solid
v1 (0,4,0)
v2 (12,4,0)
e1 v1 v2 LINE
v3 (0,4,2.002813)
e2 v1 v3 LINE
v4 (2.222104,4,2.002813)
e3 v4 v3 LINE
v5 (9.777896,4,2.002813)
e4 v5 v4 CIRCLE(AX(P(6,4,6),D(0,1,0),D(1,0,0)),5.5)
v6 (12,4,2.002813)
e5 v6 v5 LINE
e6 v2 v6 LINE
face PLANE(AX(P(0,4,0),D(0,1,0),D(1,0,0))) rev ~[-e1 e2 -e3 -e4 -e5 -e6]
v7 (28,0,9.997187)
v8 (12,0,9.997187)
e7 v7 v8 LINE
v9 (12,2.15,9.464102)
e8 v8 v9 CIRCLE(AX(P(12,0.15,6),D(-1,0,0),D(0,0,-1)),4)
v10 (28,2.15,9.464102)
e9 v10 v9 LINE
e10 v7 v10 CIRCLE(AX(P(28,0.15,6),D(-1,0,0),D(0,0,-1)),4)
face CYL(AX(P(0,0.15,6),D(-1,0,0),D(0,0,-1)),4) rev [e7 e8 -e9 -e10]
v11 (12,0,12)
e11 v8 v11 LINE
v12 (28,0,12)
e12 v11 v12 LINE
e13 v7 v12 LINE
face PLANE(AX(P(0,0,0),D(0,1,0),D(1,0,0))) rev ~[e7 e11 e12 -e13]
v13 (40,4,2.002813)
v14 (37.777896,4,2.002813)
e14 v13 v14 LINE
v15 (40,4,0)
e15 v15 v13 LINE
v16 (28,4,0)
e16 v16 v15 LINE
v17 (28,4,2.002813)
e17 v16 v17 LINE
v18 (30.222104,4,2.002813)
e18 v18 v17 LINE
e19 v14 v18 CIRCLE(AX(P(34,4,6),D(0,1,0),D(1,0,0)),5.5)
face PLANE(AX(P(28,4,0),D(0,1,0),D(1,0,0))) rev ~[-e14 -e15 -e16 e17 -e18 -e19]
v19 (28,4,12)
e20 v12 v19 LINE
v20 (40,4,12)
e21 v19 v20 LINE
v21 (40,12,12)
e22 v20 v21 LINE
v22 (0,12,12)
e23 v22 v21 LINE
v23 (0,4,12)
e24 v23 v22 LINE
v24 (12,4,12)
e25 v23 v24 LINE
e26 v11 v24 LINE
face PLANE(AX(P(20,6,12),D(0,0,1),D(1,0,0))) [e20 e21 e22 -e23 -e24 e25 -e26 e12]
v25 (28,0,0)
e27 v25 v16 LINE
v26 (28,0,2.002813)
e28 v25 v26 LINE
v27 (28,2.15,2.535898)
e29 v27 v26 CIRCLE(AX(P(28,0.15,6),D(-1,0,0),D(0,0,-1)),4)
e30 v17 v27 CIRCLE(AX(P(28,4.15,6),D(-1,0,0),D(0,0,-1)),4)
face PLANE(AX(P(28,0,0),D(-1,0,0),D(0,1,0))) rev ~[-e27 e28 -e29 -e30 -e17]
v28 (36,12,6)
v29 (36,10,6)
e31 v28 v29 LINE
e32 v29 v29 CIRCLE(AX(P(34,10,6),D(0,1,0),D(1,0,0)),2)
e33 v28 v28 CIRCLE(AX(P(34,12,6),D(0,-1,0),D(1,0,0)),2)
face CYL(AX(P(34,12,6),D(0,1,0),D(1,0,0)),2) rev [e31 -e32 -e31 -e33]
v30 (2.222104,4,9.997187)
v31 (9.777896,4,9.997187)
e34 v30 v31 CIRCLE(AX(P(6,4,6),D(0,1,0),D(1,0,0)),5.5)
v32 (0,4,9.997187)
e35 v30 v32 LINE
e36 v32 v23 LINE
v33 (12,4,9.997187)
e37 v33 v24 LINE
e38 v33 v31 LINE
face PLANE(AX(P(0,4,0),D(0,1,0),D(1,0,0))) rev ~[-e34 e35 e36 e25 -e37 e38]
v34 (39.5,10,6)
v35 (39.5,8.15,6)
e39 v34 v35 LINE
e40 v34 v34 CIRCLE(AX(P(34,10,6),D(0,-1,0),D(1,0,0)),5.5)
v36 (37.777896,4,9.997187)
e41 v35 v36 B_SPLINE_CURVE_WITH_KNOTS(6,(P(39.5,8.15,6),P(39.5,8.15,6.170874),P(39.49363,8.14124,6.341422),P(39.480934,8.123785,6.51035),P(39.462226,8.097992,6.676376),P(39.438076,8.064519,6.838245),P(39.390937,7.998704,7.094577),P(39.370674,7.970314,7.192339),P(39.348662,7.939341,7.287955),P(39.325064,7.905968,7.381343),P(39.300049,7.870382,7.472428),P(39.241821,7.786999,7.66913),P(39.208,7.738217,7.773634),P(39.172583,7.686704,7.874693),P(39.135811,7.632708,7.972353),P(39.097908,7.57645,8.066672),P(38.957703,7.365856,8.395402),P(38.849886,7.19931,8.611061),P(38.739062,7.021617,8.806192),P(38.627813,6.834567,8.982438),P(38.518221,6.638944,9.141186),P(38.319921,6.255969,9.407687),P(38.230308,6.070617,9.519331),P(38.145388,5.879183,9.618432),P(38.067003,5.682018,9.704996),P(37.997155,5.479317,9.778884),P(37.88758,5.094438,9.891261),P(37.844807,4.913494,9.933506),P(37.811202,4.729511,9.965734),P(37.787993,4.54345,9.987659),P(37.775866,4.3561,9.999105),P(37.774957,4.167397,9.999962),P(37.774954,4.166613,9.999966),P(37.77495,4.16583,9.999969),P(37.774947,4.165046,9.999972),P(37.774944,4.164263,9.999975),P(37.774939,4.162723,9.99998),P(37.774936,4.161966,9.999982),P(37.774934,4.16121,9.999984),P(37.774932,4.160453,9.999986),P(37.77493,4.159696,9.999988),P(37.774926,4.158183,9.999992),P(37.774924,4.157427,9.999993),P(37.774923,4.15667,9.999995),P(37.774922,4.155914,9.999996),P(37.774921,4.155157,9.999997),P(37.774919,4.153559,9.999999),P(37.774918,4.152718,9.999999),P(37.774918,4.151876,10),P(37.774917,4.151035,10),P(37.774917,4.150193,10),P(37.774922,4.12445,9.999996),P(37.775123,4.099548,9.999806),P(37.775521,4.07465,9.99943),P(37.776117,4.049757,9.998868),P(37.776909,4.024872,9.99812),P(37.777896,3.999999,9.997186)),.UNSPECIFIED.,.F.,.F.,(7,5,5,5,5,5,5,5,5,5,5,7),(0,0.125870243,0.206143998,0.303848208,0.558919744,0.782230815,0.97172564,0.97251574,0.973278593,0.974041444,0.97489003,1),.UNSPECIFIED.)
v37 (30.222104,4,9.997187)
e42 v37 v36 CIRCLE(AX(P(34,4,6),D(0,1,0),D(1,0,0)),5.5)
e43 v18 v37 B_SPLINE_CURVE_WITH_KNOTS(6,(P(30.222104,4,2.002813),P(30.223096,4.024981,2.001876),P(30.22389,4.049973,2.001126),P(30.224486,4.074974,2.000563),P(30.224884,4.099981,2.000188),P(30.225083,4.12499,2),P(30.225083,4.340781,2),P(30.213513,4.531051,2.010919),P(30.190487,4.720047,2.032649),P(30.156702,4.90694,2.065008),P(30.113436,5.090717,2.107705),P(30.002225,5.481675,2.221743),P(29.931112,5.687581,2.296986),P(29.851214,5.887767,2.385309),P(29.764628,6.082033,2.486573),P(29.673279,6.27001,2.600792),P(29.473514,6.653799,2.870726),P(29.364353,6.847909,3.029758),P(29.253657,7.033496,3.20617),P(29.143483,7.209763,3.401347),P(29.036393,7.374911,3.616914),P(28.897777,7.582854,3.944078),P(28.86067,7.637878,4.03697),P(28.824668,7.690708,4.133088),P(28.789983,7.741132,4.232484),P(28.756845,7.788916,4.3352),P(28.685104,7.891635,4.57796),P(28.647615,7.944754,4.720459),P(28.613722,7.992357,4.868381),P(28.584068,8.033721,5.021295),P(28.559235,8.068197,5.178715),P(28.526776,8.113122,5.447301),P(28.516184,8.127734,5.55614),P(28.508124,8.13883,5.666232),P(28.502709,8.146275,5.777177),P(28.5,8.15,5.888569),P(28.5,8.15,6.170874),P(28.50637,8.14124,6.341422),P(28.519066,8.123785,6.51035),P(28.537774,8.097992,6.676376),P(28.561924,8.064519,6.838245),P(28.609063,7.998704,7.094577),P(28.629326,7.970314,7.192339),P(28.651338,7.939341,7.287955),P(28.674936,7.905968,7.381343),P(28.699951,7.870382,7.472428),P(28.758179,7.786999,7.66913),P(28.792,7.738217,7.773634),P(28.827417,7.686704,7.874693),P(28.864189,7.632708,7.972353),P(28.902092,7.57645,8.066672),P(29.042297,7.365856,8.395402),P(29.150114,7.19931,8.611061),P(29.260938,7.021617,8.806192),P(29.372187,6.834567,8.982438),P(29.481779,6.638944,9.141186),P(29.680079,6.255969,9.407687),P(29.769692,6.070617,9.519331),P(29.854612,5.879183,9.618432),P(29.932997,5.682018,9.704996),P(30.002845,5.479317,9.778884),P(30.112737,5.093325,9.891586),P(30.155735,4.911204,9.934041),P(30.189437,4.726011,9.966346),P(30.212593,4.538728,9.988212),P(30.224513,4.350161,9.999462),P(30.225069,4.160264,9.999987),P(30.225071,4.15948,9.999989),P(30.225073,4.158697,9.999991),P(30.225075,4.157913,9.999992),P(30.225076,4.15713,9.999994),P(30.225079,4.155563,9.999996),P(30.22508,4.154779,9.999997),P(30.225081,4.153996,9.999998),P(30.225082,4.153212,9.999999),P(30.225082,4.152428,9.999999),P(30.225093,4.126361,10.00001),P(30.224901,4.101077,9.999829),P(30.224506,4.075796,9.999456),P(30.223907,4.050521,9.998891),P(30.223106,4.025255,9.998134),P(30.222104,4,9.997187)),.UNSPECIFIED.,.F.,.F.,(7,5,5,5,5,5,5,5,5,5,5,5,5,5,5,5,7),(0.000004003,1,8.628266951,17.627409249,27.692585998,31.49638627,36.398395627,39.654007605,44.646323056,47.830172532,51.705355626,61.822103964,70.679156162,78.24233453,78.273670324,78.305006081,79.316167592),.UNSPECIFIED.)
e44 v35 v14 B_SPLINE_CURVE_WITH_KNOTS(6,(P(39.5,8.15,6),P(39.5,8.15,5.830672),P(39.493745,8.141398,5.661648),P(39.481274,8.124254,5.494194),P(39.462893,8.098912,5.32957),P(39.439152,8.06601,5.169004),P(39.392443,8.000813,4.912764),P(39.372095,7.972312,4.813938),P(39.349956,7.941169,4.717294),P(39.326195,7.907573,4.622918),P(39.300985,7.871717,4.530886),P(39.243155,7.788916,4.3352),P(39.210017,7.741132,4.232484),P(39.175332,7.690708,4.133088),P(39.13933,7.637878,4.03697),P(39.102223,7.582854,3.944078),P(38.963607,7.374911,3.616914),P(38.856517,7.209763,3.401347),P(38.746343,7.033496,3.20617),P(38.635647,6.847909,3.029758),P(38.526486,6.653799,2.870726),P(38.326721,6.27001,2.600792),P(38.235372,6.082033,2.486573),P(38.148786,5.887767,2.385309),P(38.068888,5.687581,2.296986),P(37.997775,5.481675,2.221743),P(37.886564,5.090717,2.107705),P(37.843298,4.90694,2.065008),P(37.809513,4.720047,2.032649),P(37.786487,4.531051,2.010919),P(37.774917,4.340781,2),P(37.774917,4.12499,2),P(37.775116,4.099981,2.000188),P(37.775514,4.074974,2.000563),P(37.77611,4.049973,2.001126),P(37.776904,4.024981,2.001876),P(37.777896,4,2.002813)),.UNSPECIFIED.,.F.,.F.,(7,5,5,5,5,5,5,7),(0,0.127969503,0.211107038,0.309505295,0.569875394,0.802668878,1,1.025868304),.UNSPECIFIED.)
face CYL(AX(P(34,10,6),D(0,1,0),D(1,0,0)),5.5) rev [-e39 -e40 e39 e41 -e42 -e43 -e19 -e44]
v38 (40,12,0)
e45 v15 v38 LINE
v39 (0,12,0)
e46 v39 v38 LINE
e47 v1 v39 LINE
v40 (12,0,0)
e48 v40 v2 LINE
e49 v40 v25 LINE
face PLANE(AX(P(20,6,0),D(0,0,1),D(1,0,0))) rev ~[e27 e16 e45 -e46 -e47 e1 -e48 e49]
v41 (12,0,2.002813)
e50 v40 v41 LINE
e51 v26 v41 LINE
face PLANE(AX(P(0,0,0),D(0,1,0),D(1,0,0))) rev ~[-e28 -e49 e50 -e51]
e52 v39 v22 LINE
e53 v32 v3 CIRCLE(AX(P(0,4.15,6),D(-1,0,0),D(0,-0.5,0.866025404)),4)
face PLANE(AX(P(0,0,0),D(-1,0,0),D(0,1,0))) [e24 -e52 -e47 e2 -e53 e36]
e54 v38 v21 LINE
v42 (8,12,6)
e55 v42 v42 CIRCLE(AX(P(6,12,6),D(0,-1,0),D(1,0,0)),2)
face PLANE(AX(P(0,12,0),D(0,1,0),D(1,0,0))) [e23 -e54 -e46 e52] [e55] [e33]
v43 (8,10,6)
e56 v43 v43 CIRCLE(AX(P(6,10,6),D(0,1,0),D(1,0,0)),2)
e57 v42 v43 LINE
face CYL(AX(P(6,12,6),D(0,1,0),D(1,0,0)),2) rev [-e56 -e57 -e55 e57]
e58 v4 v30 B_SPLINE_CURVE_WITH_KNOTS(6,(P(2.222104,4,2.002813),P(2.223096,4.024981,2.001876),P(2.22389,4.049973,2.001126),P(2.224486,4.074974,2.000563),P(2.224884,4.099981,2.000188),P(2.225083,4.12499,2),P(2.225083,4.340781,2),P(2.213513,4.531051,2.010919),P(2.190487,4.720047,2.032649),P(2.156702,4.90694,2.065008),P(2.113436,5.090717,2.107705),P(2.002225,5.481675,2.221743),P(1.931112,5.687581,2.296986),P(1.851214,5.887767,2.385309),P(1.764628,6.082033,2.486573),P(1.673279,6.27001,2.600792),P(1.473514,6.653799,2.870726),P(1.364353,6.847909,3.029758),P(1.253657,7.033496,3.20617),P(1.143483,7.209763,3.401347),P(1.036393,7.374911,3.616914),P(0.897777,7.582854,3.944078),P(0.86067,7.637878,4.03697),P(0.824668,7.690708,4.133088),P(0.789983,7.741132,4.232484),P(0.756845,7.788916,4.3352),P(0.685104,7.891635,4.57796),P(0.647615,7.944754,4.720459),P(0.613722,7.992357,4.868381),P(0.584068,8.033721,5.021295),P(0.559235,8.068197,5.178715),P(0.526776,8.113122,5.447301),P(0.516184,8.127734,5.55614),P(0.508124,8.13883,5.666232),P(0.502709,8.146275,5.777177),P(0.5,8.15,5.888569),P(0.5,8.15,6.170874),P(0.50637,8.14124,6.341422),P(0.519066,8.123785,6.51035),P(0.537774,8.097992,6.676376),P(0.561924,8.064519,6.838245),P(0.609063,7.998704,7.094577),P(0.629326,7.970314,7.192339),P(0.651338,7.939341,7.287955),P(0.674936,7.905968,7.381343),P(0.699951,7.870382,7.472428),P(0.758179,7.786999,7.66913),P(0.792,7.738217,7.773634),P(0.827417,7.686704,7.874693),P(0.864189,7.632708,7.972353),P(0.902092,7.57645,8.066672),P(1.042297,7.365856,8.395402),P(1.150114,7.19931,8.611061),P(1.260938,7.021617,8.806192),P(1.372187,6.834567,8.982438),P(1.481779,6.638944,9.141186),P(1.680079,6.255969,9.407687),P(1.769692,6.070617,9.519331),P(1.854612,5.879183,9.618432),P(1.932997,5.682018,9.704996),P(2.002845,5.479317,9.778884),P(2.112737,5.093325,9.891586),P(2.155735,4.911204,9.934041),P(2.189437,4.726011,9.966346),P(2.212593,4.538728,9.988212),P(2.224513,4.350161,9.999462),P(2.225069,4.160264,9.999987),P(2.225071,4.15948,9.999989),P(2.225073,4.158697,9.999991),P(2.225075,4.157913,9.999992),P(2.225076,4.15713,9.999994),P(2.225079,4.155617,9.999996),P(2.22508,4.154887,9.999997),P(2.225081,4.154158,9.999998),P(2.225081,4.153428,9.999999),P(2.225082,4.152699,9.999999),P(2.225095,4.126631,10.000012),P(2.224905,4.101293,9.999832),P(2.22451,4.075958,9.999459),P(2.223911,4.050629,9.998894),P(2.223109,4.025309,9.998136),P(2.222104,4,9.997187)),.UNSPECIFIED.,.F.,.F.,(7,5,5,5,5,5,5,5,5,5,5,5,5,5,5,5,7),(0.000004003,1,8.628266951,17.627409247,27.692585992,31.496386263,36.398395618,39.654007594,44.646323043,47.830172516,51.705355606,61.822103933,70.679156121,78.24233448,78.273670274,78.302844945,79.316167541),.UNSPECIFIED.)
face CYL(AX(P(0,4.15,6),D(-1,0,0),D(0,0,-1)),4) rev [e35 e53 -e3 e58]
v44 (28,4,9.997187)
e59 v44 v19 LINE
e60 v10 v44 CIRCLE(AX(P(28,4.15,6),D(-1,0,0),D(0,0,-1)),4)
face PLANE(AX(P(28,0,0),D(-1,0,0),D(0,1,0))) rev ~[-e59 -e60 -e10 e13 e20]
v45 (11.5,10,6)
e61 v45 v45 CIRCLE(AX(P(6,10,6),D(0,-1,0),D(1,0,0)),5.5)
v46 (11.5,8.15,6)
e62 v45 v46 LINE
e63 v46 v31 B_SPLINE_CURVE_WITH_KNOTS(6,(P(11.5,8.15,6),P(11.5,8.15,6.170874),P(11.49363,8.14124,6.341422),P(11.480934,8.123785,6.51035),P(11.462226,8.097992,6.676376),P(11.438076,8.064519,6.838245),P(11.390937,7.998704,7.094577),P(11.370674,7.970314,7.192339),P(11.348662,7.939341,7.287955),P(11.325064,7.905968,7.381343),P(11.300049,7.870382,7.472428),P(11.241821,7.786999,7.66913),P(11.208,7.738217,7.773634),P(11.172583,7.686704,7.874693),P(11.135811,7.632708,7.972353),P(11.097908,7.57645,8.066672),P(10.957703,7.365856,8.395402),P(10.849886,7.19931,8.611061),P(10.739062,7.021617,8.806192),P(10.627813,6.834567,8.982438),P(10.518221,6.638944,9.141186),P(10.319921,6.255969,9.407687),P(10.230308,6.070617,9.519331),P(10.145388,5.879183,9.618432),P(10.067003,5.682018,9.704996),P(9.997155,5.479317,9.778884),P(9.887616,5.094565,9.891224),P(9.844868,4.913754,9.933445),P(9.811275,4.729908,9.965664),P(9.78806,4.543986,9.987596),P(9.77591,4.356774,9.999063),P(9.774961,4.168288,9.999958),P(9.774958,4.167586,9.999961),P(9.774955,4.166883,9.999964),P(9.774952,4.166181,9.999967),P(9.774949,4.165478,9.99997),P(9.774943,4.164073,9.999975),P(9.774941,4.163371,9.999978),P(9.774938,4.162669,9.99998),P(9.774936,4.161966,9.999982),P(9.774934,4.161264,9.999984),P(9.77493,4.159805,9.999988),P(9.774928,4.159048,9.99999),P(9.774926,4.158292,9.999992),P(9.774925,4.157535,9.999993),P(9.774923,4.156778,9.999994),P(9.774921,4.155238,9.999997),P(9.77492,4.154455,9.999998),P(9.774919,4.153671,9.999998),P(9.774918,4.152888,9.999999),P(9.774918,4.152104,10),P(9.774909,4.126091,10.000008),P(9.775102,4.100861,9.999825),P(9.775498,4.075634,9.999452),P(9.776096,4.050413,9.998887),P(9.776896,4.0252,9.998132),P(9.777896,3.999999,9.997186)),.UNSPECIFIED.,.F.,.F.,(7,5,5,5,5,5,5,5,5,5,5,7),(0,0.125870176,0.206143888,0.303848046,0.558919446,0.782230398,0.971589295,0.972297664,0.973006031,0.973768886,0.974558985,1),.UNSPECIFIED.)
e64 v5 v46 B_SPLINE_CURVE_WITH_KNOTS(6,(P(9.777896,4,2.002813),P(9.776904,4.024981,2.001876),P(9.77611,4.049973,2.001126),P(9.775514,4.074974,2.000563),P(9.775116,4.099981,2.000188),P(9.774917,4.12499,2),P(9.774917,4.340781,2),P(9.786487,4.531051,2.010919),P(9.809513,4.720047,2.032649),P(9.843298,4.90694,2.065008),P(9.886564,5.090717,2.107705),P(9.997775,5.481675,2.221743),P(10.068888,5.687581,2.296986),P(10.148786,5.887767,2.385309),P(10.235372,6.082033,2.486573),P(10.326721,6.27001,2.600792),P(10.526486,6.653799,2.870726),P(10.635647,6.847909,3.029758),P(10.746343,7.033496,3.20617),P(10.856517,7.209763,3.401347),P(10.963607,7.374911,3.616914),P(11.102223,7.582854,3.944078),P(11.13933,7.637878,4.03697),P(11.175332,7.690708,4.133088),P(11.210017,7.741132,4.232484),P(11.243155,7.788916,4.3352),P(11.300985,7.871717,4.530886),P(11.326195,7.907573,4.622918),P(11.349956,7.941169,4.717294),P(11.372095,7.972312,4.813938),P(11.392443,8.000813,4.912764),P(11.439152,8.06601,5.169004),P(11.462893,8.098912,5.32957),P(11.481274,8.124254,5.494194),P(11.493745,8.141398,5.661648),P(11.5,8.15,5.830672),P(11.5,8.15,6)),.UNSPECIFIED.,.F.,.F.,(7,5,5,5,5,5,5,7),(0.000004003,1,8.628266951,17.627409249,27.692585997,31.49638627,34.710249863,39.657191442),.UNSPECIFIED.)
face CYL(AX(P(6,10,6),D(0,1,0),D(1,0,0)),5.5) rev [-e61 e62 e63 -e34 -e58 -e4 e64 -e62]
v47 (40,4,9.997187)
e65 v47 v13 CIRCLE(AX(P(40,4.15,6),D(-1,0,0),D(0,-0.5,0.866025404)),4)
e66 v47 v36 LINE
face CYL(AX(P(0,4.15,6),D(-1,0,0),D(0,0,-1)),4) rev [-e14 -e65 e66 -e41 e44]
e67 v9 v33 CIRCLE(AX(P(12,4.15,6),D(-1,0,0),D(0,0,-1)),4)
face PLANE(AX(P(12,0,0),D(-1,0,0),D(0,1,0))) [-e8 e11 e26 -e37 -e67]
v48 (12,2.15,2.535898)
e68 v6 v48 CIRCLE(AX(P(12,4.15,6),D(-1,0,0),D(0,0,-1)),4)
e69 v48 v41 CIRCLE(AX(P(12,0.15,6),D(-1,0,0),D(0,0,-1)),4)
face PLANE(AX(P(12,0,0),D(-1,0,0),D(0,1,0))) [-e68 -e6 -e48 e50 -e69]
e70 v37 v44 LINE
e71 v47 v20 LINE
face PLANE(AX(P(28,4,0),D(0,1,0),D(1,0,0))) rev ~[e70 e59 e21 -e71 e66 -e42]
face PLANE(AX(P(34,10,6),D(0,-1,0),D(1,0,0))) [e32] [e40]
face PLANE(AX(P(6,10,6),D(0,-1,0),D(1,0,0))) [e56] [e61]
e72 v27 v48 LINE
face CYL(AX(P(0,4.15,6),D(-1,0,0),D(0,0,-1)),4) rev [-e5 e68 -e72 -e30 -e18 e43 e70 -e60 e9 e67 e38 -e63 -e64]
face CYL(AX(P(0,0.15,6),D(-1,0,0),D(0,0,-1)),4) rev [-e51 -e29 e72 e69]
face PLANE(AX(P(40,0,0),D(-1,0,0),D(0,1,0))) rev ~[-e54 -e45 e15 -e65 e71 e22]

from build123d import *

# Parameters (mm, degrees)
CYLINDER042_R     = 5.5
CYLINDER042_DEPTH = 10
BOX012_W          = 12
BOX012_H          = 4
BOX012_DEPTH      = 12
CYLINDER041_R     = 2
CYLINDER041_DEPTH = 12
CYLINDER040_R     = 5.5
CYLINDER040_DEPTH = 10
BOX011_W          = 12
BOX011_H          = 4
BOX011_DEPTH      = 12
CYLINDER039_R     = 2
CYLINDER039_DEPTH = 12
CYLINDER043_R     = 4
CYLINDER043_DEPTH = 40
CYLINDER038_R     = 4
CYLINDER038_DEPTH = 40
BOX009_W          = 40
BOX009_H          = 12
BOX009_DEPTH      = 12


with BuildPart() as cylinder042:
    # Cylinder042 → Cylinder042 (new body)
    with BuildSketch(Plane(origin=(20, 10, 6), x_dir=(1, 0, 0), z_dir=(0, -1, 0))):
        Circle(CYLINDER042_R)
    extrude(amount=CYLINDER042_DEPTH)


with BuildPart() as cube012:
    # Box012 → Box012 (new body)
    with BuildSketch(Plane(origin=(14, 0, 0), x_dir=(1, 0, 0), z_dir=(0, 0, 1))):
        with Locations((6, 2)):
            Rectangle(BOX012_W, BOX012_H)
    extrude(amount=BOX012_DEPTH)


with BuildPart() as fusion014:
    # Cylinder041 → Cylinder041 (new body)
    with BuildSketch(Plane(origin=(20, 12, 6), x_dir=(1, 0, 0), z_dir=(0, -1, 0))):
        Circle(CYLINDER041_R)
    extrude(amount=CYLINDER041_DEPTH)

    # Fusion014: union Cylinder042, Cube012
    add(cylinder042.part)
    add(cube012.part)


with BuildPart() as fusion014_1:
    # Fusion014 placement: moved
    add(fusion014.part.moved(Location((14, 0, 0))))


with BuildPart() as cylinder040:
    # Cylinder040 → Cylinder040 (new body)
    with BuildSketch(Plane(origin=(20, 10, 6), x_dir=(1, 0, 0), z_dir=(0, -1, 0))):
        Circle(CYLINDER040_R)
    extrude(amount=CYLINDER040_DEPTH)


with BuildPart() as cube011:
    # Box011 → Box011 (new body)
    with BuildSketch(Plane(origin=(14, 0, 0), x_dir=(1, 0, 0), z_dir=(0, 0, 1))):
        with Locations((6, 2)):
            Rectangle(BOX011_W, BOX011_H)
    extrude(amount=BOX011_DEPTH)


with BuildPart() as fusion015:
    # Cylinder039 → Cylinder039 (new body)
    with BuildSketch(Plane(origin=(20, 12, 6), x_dir=(1, 0, 0), z_dir=(0, -1, 0))):
        Circle(CYLINDER039_R)
    extrude(amount=CYLINDER039_DEPTH)

    # Fusion013: union Cylinder040, Cube011
    add(cylinder040.part)
    add(cube011.part)


with BuildPart() as fusion015_1:
    # Fusion013 placement: moved
    add(fusion015.part.moved(Location((-14, 0, 0))))

    # Fusion015: union Fusion014
    add(fusion014_1.part)


with BuildPart() as cylinder043:
    # Cylinder043 → Cylinder043 (new body)
    with BuildSketch(Plane(origin=(0, 0.15, 6), x_dir=(0, 0, -1), z_dir=(1, 0, 0))):
        Circle(CYLINDER043_R)
    extrude(amount=CYLINDER043_DEPTH)


with BuildPart() as fusion016:
    # Cylinder038 → Cylinder038 (new body)
    with BuildSketch(Plane(origin=(0, 4.15, 6), x_dir=(0, 0, -1), z_dir=(1, 0, 0))):
        Circle(CYLINDER038_R)
    extrude(amount=CYLINDER038_DEPTH)

    # Fusion016: union Cylinder043
    add(cylinder043.part)


with BuildPart() as cut015:
    # Box009 → Box009 (new body)
    with BuildSketch(Plane.XY):
        with Locations((20, 6)):
            Rectangle(BOX009_W, BOX009_H)
    extrude(amount=BOX009_DEPTH)

    # Cut014: cut Fusion016
    add(fusion016.part, mode=Mode.SUBTRACT)

    # Cut015: cut Fusion015
    add(fusion015_1.part, mode=Mode.SUBTRACT)


solid = cut015.part
